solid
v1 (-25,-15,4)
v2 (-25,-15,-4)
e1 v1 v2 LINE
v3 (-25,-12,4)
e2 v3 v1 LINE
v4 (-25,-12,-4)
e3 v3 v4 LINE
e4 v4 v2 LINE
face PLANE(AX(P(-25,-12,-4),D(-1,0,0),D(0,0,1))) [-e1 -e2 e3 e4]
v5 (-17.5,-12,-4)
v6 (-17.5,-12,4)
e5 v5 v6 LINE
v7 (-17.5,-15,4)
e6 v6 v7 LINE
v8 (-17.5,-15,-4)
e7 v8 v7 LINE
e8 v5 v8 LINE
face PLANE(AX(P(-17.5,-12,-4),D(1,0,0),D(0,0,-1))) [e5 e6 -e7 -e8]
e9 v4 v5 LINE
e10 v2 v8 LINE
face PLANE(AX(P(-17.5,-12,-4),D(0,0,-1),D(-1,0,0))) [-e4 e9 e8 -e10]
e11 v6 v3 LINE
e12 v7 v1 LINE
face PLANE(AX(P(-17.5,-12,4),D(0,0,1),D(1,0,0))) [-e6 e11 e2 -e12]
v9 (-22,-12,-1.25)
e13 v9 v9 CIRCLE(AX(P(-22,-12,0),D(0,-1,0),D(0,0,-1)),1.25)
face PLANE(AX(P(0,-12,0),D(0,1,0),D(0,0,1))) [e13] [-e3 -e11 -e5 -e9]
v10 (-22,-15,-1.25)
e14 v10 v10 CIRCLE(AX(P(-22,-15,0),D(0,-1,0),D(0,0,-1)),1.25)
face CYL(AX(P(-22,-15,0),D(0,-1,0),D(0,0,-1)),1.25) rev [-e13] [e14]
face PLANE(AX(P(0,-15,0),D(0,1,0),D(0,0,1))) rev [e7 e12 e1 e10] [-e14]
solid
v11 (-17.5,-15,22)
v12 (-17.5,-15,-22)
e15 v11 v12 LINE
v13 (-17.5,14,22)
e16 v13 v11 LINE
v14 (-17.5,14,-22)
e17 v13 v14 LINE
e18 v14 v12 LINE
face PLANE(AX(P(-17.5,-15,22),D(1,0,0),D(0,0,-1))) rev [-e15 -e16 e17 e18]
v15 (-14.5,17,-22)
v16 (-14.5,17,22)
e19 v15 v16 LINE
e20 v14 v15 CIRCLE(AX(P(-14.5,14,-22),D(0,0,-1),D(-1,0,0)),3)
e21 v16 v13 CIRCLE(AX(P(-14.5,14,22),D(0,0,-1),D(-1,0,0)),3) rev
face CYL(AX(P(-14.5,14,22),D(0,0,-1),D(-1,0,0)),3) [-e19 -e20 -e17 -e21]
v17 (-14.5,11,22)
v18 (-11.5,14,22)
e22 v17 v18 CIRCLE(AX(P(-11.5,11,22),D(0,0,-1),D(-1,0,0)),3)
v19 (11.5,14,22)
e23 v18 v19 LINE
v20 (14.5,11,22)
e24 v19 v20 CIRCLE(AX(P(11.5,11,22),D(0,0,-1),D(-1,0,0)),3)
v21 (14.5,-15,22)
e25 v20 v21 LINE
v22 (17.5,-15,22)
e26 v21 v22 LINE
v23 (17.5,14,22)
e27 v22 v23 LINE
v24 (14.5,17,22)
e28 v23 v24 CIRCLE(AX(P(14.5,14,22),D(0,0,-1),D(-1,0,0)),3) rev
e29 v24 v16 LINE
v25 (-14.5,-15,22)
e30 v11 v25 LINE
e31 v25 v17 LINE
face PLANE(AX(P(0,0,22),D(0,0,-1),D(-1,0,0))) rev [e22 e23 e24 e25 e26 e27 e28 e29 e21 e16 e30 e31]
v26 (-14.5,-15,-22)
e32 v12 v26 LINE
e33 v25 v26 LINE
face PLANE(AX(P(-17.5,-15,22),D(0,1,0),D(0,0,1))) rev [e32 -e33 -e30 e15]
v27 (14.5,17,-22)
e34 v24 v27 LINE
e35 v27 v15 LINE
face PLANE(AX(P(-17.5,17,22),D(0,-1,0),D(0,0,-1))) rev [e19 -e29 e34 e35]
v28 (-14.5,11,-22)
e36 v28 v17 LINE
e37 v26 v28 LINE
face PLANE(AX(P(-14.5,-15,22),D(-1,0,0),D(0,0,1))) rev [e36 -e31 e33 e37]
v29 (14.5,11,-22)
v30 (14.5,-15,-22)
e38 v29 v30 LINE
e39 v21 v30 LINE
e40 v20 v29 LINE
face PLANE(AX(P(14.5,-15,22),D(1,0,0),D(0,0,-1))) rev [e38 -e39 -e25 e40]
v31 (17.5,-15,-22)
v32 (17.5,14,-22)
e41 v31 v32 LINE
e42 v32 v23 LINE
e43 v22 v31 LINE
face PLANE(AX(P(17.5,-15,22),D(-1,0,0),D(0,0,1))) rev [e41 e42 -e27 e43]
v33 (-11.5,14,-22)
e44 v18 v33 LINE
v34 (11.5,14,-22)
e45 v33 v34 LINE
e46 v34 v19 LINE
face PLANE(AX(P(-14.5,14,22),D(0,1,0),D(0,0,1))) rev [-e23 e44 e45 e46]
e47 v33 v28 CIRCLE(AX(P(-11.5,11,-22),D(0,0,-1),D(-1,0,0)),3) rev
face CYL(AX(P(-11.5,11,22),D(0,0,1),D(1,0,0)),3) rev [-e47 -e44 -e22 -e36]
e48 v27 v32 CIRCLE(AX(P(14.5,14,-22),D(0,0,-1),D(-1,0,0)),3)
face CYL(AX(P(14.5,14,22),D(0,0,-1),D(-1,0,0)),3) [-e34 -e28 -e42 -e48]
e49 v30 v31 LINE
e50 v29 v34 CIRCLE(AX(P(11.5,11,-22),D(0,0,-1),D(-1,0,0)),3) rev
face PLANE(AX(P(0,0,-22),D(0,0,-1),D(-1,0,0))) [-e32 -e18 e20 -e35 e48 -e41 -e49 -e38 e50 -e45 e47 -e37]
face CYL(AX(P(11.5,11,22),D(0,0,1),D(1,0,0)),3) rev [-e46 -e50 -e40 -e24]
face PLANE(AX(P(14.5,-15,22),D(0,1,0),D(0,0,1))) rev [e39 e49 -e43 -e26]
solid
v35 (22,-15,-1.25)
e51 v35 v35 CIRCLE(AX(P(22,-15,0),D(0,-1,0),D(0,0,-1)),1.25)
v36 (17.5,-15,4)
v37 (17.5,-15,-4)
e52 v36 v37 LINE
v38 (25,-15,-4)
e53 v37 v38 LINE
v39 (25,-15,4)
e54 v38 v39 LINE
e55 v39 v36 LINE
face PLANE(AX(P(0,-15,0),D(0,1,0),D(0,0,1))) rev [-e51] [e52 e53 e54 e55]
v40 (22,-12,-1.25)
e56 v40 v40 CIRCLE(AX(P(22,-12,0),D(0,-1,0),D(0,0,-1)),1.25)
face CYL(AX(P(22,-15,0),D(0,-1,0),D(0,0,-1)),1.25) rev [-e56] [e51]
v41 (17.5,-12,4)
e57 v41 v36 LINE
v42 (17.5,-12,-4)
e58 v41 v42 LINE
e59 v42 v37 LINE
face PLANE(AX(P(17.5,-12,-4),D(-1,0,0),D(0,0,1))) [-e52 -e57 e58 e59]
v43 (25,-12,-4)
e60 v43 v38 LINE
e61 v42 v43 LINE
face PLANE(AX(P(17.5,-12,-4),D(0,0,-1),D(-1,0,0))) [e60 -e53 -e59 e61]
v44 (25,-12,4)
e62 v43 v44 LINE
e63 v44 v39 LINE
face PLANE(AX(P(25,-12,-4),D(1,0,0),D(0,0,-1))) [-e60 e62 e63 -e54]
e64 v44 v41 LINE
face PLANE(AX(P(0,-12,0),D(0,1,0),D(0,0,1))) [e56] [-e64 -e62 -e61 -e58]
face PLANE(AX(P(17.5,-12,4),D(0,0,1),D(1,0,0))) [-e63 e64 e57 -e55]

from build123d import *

# Parameters (mm, degrees)
BOSS_EXTRUDE1_DEPTH            = 22
SKETCH2_W                      = 7.5
SKETCH2_H                      = 8
SKETCH2_R                      = 0.5
BOSS_EXTRUDE2_DEPTH            = 3
BOSS_EXTRUDE2_2_DEPTH          = 3
FILLET1_R                      = 3
M3X0_5_TAPPED_HOLE1_AT_2_COUNT = 2
M3X0_5_TAPPED_HOLE1_AT_2_PITCH = 44


with BuildPart() as part:
    # Sketch1 → Boss-Extrude1 (new, symmetric)
    with BuildSketch(Plane.XY):
        Polygon((-17.5, -15), (-17.5, 17), (17.5, 17), (17.5, -15), (14.5, -15), (14.5, 14), (-14.5, 14), (-14.5, -15), align=None)
    extrude(amount=BOSS_EXTRUDE1_DEPTH, both=True)

    # Fillet1
    fillet1_edges = [part.edges().sort_by_distance(p)[0] for p in [
        (14.5, 14, 0),
        (-14.5, 14, 0),
        (-17.5, 17, 0),
        (17.5, 17, 0),
    ]]
    fillet(fillet1_edges, radius=FILLET1_R)


with BuildPart() as body_2:
    # Sketch2 → Boss-Extrude2 (new body)
    with BuildSketch(Plane(origin=(0, -15, 0), x_dir=(-1, 0, 0), z_dir=(0, -1, 0))):
        with Locations((-21.25, 0)):
            Rectangle(SKETCH2_W, SKETCH2_H)
        with Locations(Location((-22, 0, 0), (0, 0, 90))):
            Circle(SKETCH2_R, mode=Mode.SUBTRACT)
    extrude(amount=-BOSS_EXTRUDE2_DEPTH)


with BuildPart() as body_3:
    # Sketch2 → Boss-Extrude2 2 (new body)
    with BuildSketch(Plane(origin=(0, -15, 0), x_dir=(-1, 0, 0), z_dir=(0, -1, 0))):
        with Locations((21.25, 0)):
            Rectangle(SKETCH2_W, SKETCH2_H)
        with Locations(Location((22, 0, 0), (0, 0, 270))):
            Circle(SKETCH2_R, mode=Mode.SUBTRACT)
    extrude(amount=-BOSS_EXTRUDE2_2_DEPTH)

    # Sketch5 → M3x0.5 Tapped Hole1 (revolve, cut)
    with BuildSketch(Plane(origin=(-22, -15, 0), x_dir=(0, 0, -1), z_dir=(1, 0, 0))):
        Polygon((0, 0), (0, 3.751075774), (1.25, 3), (1.25, 0), align=None)
    m3x0_5_tapped_hole1 = revolve(axis=Axis((-22, -21.35, 0), (0, 1, 0)), mode=Mode.SUBTRACT)


with BuildPart() as body_2_1:
    add(body_2.part)

    # M3x0.5 Tapped Hole1 at 2: M3x0.5 Tapped Hole1 ×2
    with Locations(*[(i * M3X0_5_TAPPED_HOLE1_AT_2_PITCH, 0, 0) for i in range(1, M3X0_5_TAPPED_HOLE1_AT_2_COUNT)]):
        add(m3x0_5_tapped_hole1, mode=Mode.SUBTRACT)


solid = Compound([part.part, body_3.part, body_2_1.part])
